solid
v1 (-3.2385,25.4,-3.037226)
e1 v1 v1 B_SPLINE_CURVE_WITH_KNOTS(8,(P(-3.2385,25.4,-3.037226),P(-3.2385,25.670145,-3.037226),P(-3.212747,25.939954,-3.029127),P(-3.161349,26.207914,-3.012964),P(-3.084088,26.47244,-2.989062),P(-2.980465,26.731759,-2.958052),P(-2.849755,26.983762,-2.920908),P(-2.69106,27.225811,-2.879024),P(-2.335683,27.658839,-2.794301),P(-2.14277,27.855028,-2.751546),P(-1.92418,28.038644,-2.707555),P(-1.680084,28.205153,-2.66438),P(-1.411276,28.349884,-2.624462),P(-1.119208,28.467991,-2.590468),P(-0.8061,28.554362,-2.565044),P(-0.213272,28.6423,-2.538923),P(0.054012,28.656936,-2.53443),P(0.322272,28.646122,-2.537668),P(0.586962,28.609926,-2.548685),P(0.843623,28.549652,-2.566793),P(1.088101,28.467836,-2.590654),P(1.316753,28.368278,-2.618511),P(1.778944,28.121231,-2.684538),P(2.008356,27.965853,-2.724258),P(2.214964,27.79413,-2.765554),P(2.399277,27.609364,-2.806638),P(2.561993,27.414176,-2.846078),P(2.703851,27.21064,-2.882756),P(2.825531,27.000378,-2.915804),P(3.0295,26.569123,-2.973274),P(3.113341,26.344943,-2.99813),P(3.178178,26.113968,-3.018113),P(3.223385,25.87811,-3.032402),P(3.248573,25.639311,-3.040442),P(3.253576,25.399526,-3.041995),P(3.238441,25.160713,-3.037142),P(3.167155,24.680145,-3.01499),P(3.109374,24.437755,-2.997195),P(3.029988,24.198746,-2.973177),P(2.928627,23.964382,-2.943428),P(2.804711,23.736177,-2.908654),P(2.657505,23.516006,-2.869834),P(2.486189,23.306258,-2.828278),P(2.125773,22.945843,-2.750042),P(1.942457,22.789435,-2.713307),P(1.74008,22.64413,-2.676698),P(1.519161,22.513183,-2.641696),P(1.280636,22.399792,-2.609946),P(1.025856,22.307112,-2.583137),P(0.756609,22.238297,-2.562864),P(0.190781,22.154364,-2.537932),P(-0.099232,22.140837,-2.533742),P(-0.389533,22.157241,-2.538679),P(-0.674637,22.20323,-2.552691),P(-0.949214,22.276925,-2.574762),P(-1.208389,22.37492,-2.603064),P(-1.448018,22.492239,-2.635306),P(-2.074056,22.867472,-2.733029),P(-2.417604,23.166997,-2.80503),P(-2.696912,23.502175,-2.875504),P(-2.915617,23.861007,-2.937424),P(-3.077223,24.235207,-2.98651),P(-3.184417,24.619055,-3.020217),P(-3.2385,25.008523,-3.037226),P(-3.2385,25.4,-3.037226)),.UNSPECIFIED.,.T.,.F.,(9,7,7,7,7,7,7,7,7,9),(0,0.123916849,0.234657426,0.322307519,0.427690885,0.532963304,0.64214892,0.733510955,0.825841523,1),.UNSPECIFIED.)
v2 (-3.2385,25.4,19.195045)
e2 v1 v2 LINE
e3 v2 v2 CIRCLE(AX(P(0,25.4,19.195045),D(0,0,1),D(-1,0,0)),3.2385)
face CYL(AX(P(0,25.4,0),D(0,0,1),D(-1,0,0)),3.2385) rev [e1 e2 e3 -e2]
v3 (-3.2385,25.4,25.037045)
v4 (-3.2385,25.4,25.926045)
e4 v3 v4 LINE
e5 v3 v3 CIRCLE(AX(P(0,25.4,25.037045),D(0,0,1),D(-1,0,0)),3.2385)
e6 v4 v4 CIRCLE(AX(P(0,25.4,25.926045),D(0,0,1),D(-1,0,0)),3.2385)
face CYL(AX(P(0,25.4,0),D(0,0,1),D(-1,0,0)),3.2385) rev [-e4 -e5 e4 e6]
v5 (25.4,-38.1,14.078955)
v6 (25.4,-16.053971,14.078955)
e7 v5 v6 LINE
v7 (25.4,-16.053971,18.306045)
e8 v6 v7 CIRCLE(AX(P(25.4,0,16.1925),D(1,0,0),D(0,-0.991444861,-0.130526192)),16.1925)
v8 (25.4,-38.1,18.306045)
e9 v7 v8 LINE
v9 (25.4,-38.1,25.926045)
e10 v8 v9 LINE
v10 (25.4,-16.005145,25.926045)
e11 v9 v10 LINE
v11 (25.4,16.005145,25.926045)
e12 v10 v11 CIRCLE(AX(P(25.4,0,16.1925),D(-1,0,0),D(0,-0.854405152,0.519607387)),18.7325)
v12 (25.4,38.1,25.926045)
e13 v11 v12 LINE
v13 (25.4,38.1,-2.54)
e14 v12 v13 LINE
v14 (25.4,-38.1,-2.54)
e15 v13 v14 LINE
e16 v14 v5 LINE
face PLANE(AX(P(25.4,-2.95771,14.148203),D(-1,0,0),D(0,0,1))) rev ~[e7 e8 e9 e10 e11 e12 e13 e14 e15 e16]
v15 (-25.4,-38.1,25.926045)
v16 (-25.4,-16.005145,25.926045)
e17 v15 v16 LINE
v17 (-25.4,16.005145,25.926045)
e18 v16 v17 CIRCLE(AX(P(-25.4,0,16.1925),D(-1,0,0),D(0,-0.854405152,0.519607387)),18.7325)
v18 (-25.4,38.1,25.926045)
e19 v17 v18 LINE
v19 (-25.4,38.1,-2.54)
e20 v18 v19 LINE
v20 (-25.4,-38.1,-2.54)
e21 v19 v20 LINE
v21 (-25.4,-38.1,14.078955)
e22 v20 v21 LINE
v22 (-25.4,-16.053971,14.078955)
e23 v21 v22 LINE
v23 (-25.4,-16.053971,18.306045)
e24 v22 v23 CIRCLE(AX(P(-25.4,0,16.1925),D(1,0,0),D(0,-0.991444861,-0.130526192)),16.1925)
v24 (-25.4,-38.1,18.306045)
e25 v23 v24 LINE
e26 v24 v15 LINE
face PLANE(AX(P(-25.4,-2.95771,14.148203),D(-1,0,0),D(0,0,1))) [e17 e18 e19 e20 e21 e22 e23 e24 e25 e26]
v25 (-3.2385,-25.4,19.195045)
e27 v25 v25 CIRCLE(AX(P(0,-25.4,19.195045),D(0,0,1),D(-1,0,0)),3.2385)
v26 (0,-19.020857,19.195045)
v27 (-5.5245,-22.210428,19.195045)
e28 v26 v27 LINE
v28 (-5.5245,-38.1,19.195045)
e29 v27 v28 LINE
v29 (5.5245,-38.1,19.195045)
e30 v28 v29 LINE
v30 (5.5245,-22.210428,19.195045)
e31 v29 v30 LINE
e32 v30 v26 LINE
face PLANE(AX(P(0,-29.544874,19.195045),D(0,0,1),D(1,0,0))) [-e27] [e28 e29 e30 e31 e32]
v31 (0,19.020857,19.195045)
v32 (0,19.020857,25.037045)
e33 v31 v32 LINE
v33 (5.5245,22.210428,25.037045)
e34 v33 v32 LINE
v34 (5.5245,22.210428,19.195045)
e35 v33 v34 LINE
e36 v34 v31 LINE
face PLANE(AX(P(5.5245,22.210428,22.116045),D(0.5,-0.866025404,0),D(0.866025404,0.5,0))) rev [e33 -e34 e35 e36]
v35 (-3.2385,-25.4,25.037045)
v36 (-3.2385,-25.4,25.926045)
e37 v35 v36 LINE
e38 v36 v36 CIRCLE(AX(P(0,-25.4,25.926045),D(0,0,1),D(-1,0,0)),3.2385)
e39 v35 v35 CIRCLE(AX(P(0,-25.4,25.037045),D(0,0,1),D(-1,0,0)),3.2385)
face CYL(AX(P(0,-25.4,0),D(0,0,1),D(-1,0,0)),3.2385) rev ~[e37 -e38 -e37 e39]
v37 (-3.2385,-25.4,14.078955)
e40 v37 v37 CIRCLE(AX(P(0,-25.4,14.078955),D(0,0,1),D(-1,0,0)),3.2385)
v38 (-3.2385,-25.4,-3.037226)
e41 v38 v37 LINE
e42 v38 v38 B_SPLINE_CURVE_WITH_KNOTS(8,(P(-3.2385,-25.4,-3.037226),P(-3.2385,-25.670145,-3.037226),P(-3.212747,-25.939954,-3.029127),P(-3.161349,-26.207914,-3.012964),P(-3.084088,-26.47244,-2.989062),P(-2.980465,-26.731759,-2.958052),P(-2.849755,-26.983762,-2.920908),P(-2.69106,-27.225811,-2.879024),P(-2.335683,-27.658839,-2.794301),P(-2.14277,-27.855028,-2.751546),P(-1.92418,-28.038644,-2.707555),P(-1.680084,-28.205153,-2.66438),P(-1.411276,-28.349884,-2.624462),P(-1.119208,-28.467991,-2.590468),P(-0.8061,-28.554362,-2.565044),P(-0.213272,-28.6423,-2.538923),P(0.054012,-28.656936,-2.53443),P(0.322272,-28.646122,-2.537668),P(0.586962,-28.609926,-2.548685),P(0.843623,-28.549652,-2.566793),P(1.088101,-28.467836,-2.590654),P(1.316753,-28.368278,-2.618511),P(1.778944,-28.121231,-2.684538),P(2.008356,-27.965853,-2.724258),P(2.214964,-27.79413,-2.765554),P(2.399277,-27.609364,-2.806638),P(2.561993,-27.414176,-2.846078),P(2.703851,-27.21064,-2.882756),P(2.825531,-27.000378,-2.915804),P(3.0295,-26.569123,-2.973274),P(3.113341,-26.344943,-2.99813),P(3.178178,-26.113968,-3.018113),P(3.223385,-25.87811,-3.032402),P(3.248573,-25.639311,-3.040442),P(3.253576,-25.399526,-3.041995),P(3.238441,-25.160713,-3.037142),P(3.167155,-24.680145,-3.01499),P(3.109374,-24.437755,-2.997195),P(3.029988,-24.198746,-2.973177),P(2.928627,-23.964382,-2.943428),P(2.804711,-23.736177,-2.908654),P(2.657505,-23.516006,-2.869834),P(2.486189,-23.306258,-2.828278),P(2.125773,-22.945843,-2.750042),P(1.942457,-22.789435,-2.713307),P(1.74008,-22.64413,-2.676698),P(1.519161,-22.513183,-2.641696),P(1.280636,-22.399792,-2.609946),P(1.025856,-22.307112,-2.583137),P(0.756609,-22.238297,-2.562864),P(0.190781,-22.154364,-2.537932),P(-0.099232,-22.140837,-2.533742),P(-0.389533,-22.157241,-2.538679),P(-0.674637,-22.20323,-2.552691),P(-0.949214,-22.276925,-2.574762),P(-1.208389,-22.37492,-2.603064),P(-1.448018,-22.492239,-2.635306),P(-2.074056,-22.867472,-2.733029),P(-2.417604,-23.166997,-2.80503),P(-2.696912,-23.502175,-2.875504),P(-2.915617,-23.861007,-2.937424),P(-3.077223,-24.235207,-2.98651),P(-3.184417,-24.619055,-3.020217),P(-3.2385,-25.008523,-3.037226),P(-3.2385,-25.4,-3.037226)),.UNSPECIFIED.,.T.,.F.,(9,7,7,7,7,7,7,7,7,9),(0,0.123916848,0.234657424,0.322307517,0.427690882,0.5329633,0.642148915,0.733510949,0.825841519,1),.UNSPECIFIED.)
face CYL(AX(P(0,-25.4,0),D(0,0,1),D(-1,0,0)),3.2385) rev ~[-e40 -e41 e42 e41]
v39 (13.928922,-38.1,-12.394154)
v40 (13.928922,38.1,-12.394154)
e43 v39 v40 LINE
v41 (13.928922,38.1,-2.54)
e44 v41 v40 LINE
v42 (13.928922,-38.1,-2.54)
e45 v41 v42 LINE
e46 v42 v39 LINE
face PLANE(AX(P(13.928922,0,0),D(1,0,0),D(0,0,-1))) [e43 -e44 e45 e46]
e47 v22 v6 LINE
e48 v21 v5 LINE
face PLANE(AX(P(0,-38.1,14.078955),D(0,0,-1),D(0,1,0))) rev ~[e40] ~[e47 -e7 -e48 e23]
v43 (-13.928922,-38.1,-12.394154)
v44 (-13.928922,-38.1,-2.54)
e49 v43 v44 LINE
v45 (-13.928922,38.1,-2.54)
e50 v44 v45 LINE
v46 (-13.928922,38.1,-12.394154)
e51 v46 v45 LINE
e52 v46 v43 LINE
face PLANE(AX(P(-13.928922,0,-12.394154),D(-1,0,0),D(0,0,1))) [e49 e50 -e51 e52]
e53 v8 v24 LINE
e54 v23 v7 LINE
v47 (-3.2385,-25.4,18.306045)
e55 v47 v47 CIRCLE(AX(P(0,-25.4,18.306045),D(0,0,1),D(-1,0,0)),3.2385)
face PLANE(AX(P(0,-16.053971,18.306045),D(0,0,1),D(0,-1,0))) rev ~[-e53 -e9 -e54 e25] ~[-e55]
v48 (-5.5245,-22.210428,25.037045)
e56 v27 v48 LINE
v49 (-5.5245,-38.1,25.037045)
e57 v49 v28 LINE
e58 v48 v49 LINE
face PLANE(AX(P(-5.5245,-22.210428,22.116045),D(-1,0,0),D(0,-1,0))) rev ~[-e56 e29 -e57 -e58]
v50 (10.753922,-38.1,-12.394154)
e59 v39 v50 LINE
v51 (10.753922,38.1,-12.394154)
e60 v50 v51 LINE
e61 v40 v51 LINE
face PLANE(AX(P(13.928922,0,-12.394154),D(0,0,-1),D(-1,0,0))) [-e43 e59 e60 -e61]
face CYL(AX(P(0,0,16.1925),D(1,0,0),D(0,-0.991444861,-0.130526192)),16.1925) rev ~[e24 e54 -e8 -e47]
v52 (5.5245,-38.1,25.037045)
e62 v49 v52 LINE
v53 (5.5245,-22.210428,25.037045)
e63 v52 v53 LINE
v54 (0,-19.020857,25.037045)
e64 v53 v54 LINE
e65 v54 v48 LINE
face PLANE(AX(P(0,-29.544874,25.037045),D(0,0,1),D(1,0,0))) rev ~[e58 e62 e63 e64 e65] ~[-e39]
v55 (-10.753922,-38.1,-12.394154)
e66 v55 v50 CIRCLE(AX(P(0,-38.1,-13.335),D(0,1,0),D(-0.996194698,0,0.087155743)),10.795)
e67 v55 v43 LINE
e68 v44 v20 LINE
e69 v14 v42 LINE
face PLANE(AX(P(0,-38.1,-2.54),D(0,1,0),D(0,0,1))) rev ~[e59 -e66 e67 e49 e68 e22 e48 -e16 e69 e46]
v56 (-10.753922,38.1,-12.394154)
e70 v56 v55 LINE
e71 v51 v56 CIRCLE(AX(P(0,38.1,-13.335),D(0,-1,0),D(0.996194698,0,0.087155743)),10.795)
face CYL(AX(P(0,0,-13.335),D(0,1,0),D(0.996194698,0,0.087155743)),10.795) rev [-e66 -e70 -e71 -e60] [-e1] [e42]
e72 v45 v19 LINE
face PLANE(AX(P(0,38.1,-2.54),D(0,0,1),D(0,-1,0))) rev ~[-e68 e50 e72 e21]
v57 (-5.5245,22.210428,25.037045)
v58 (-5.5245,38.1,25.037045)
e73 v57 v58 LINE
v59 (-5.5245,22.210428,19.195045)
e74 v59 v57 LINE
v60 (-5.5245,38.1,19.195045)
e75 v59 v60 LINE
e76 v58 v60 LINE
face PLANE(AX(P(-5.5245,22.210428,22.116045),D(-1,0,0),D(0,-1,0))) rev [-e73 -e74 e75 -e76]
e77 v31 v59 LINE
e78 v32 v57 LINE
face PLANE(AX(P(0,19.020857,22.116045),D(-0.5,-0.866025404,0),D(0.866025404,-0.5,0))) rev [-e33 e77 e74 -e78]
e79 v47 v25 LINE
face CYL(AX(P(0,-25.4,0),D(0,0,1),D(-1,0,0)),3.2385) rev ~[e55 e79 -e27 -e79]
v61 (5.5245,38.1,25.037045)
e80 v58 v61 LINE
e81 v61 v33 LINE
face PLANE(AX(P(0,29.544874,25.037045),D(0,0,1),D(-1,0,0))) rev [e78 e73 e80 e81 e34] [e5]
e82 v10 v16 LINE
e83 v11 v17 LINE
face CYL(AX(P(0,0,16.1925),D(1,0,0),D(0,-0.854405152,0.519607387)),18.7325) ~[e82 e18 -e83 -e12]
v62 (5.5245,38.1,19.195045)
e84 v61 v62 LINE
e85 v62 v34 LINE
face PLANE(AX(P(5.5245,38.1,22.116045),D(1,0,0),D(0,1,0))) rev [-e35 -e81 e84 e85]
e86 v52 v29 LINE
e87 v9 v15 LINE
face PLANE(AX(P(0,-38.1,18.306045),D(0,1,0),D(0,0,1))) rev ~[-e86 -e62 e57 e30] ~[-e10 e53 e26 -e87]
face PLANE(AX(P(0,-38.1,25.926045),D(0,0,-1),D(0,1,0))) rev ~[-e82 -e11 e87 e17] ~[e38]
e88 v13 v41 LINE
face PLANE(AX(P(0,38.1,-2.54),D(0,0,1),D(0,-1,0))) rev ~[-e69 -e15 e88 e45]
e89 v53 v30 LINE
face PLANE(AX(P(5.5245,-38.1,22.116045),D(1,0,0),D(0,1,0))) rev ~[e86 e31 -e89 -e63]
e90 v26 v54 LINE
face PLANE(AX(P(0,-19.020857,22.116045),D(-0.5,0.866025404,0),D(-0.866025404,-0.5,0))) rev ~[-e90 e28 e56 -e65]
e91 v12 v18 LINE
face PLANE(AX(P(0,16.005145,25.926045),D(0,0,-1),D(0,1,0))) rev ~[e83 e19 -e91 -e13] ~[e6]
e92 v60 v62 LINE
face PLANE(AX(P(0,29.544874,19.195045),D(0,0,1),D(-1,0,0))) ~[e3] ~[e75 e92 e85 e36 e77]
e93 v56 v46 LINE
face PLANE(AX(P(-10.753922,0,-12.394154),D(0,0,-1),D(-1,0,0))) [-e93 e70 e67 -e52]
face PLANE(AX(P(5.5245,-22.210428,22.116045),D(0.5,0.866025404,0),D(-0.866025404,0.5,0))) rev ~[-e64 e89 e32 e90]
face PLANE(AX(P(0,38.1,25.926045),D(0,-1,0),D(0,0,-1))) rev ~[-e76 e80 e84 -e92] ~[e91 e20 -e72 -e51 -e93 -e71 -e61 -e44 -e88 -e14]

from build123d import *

# Parameters (mm, degrees)
BOSS_EXTRUDE1_DEPTH = 38.1
BOSS_EXTRUDE2_DEPTH = 25.4
CUT_EXTRUDE1_DEPTH  = 2.921
SKETCH5_R           = 3.2385
CUT_EXTRUDE3_DEPTH  = 58.589283942


with BuildPart() as part:
    # Sketch1 → Boss-Extrude1 (new, symmetric)
    with BuildSketch(Plane(origin=(0, 0, 0), x_dir=(1, 0, 0), z_dir=(0, 1, 0))):
        with BuildLine():
            Line((-13.928921766, 0), (13.928921766, 0))
            Line((13.928921766, 0), (13.928921766, 12.394153757))
            Line((13.928921766, 12.394153757), (10.753921766, 12.394153757))
            ThreePointArc((10.753921766, 12.394153757), (0, 2.54), (-10.753921766, 12.394153757))
            Line((-10.753921766, 12.394153757), (-13.928921766, 12.394153757))
            Line((-13.928921766, 12.394153757), (-13.928921766, 0))
        make_face()
    extrude(amount=BOSS_EXTRUDE1_DEPTH, both=True)

    # Sketch2 → Boss-Extrude2 (add, symmetric)
    with BuildSketch(Plane(origin=(0, 0, 0), x_dir=(0, 0, -1), z_dir=(1, 0, 0))):
        with BuildLine():
            Line((-18.306045368, -16.053970918), (-18.306045368, -38.1))
            Line((-18.306045368, -38.1), (-25.926045368, -38.1))
            Line((-25.926045368, -38.1), (-25.926045368, -16.005144511))
            ThreePointArc((-25.926045368, -16.005144511), (-34.925, 0), (-25.926045368, 16.005144511))
            Line((-25.926045368, 16.005144511), (-25.926045368, 38.1))
            Line((-25.926045368, 38.1), (2.54, 38.1))
            Line((2.54, 38.1), (2.54, -38.1))
            Line((2.54, -38.1), (-14.078954632, -38.1))
            Line((-14.078954632, -38.1), (-14.078954632, -16.053970918))
            ThreePointArc((-14.078954632, -16.053970918), (-16.1925, 16.1925), (-18.306045368, -16.053970918))
        make_face()
    extrude(amount=BOSS_EXTRUDE2_DEPTH, both=True)

    # Sketch3 → Cut-Extrude1 (cut, symmetric)
    with BuildSketch(Plane.XY.offset(22.116045368)):
        Polygon((5.5245, -28.589571562), (5.5245, -22.210428438), (0, -19.020856876), (-5.5245, -22.210428438), (-5.5245, -28.589571562), (-5.5245, -38.1), (5.5245, -38.1), align=None)
    cut_extrude1 = extrude(amount=CUT_EXTRUDE1_DEPTH, both=True, mode=Mode.SUBTRACT)

    # Sketch5 → Cut-Extrude3 (cut, symmetric)
    with BuildSketch(Plane.XY):
        with Locations((0, -25.4)):
            Circle(SKETCH5_R)
    cut_extrude3 = extrude(amount=CUT_EXTRUDE3_DEPTH, both=True, mode=Mode.SUBTRACT)

    # Mirror1: Cut-Extrude1, Cut-Extrude3 across plane
    add(cut_extrude1.mirror(Plane.ZX), mode=Mode.SUBTRACT)
    add(cut_extrude3.mirror(Plane.ZX), mode=Mode.SUBTRACT)


solid = part.part
